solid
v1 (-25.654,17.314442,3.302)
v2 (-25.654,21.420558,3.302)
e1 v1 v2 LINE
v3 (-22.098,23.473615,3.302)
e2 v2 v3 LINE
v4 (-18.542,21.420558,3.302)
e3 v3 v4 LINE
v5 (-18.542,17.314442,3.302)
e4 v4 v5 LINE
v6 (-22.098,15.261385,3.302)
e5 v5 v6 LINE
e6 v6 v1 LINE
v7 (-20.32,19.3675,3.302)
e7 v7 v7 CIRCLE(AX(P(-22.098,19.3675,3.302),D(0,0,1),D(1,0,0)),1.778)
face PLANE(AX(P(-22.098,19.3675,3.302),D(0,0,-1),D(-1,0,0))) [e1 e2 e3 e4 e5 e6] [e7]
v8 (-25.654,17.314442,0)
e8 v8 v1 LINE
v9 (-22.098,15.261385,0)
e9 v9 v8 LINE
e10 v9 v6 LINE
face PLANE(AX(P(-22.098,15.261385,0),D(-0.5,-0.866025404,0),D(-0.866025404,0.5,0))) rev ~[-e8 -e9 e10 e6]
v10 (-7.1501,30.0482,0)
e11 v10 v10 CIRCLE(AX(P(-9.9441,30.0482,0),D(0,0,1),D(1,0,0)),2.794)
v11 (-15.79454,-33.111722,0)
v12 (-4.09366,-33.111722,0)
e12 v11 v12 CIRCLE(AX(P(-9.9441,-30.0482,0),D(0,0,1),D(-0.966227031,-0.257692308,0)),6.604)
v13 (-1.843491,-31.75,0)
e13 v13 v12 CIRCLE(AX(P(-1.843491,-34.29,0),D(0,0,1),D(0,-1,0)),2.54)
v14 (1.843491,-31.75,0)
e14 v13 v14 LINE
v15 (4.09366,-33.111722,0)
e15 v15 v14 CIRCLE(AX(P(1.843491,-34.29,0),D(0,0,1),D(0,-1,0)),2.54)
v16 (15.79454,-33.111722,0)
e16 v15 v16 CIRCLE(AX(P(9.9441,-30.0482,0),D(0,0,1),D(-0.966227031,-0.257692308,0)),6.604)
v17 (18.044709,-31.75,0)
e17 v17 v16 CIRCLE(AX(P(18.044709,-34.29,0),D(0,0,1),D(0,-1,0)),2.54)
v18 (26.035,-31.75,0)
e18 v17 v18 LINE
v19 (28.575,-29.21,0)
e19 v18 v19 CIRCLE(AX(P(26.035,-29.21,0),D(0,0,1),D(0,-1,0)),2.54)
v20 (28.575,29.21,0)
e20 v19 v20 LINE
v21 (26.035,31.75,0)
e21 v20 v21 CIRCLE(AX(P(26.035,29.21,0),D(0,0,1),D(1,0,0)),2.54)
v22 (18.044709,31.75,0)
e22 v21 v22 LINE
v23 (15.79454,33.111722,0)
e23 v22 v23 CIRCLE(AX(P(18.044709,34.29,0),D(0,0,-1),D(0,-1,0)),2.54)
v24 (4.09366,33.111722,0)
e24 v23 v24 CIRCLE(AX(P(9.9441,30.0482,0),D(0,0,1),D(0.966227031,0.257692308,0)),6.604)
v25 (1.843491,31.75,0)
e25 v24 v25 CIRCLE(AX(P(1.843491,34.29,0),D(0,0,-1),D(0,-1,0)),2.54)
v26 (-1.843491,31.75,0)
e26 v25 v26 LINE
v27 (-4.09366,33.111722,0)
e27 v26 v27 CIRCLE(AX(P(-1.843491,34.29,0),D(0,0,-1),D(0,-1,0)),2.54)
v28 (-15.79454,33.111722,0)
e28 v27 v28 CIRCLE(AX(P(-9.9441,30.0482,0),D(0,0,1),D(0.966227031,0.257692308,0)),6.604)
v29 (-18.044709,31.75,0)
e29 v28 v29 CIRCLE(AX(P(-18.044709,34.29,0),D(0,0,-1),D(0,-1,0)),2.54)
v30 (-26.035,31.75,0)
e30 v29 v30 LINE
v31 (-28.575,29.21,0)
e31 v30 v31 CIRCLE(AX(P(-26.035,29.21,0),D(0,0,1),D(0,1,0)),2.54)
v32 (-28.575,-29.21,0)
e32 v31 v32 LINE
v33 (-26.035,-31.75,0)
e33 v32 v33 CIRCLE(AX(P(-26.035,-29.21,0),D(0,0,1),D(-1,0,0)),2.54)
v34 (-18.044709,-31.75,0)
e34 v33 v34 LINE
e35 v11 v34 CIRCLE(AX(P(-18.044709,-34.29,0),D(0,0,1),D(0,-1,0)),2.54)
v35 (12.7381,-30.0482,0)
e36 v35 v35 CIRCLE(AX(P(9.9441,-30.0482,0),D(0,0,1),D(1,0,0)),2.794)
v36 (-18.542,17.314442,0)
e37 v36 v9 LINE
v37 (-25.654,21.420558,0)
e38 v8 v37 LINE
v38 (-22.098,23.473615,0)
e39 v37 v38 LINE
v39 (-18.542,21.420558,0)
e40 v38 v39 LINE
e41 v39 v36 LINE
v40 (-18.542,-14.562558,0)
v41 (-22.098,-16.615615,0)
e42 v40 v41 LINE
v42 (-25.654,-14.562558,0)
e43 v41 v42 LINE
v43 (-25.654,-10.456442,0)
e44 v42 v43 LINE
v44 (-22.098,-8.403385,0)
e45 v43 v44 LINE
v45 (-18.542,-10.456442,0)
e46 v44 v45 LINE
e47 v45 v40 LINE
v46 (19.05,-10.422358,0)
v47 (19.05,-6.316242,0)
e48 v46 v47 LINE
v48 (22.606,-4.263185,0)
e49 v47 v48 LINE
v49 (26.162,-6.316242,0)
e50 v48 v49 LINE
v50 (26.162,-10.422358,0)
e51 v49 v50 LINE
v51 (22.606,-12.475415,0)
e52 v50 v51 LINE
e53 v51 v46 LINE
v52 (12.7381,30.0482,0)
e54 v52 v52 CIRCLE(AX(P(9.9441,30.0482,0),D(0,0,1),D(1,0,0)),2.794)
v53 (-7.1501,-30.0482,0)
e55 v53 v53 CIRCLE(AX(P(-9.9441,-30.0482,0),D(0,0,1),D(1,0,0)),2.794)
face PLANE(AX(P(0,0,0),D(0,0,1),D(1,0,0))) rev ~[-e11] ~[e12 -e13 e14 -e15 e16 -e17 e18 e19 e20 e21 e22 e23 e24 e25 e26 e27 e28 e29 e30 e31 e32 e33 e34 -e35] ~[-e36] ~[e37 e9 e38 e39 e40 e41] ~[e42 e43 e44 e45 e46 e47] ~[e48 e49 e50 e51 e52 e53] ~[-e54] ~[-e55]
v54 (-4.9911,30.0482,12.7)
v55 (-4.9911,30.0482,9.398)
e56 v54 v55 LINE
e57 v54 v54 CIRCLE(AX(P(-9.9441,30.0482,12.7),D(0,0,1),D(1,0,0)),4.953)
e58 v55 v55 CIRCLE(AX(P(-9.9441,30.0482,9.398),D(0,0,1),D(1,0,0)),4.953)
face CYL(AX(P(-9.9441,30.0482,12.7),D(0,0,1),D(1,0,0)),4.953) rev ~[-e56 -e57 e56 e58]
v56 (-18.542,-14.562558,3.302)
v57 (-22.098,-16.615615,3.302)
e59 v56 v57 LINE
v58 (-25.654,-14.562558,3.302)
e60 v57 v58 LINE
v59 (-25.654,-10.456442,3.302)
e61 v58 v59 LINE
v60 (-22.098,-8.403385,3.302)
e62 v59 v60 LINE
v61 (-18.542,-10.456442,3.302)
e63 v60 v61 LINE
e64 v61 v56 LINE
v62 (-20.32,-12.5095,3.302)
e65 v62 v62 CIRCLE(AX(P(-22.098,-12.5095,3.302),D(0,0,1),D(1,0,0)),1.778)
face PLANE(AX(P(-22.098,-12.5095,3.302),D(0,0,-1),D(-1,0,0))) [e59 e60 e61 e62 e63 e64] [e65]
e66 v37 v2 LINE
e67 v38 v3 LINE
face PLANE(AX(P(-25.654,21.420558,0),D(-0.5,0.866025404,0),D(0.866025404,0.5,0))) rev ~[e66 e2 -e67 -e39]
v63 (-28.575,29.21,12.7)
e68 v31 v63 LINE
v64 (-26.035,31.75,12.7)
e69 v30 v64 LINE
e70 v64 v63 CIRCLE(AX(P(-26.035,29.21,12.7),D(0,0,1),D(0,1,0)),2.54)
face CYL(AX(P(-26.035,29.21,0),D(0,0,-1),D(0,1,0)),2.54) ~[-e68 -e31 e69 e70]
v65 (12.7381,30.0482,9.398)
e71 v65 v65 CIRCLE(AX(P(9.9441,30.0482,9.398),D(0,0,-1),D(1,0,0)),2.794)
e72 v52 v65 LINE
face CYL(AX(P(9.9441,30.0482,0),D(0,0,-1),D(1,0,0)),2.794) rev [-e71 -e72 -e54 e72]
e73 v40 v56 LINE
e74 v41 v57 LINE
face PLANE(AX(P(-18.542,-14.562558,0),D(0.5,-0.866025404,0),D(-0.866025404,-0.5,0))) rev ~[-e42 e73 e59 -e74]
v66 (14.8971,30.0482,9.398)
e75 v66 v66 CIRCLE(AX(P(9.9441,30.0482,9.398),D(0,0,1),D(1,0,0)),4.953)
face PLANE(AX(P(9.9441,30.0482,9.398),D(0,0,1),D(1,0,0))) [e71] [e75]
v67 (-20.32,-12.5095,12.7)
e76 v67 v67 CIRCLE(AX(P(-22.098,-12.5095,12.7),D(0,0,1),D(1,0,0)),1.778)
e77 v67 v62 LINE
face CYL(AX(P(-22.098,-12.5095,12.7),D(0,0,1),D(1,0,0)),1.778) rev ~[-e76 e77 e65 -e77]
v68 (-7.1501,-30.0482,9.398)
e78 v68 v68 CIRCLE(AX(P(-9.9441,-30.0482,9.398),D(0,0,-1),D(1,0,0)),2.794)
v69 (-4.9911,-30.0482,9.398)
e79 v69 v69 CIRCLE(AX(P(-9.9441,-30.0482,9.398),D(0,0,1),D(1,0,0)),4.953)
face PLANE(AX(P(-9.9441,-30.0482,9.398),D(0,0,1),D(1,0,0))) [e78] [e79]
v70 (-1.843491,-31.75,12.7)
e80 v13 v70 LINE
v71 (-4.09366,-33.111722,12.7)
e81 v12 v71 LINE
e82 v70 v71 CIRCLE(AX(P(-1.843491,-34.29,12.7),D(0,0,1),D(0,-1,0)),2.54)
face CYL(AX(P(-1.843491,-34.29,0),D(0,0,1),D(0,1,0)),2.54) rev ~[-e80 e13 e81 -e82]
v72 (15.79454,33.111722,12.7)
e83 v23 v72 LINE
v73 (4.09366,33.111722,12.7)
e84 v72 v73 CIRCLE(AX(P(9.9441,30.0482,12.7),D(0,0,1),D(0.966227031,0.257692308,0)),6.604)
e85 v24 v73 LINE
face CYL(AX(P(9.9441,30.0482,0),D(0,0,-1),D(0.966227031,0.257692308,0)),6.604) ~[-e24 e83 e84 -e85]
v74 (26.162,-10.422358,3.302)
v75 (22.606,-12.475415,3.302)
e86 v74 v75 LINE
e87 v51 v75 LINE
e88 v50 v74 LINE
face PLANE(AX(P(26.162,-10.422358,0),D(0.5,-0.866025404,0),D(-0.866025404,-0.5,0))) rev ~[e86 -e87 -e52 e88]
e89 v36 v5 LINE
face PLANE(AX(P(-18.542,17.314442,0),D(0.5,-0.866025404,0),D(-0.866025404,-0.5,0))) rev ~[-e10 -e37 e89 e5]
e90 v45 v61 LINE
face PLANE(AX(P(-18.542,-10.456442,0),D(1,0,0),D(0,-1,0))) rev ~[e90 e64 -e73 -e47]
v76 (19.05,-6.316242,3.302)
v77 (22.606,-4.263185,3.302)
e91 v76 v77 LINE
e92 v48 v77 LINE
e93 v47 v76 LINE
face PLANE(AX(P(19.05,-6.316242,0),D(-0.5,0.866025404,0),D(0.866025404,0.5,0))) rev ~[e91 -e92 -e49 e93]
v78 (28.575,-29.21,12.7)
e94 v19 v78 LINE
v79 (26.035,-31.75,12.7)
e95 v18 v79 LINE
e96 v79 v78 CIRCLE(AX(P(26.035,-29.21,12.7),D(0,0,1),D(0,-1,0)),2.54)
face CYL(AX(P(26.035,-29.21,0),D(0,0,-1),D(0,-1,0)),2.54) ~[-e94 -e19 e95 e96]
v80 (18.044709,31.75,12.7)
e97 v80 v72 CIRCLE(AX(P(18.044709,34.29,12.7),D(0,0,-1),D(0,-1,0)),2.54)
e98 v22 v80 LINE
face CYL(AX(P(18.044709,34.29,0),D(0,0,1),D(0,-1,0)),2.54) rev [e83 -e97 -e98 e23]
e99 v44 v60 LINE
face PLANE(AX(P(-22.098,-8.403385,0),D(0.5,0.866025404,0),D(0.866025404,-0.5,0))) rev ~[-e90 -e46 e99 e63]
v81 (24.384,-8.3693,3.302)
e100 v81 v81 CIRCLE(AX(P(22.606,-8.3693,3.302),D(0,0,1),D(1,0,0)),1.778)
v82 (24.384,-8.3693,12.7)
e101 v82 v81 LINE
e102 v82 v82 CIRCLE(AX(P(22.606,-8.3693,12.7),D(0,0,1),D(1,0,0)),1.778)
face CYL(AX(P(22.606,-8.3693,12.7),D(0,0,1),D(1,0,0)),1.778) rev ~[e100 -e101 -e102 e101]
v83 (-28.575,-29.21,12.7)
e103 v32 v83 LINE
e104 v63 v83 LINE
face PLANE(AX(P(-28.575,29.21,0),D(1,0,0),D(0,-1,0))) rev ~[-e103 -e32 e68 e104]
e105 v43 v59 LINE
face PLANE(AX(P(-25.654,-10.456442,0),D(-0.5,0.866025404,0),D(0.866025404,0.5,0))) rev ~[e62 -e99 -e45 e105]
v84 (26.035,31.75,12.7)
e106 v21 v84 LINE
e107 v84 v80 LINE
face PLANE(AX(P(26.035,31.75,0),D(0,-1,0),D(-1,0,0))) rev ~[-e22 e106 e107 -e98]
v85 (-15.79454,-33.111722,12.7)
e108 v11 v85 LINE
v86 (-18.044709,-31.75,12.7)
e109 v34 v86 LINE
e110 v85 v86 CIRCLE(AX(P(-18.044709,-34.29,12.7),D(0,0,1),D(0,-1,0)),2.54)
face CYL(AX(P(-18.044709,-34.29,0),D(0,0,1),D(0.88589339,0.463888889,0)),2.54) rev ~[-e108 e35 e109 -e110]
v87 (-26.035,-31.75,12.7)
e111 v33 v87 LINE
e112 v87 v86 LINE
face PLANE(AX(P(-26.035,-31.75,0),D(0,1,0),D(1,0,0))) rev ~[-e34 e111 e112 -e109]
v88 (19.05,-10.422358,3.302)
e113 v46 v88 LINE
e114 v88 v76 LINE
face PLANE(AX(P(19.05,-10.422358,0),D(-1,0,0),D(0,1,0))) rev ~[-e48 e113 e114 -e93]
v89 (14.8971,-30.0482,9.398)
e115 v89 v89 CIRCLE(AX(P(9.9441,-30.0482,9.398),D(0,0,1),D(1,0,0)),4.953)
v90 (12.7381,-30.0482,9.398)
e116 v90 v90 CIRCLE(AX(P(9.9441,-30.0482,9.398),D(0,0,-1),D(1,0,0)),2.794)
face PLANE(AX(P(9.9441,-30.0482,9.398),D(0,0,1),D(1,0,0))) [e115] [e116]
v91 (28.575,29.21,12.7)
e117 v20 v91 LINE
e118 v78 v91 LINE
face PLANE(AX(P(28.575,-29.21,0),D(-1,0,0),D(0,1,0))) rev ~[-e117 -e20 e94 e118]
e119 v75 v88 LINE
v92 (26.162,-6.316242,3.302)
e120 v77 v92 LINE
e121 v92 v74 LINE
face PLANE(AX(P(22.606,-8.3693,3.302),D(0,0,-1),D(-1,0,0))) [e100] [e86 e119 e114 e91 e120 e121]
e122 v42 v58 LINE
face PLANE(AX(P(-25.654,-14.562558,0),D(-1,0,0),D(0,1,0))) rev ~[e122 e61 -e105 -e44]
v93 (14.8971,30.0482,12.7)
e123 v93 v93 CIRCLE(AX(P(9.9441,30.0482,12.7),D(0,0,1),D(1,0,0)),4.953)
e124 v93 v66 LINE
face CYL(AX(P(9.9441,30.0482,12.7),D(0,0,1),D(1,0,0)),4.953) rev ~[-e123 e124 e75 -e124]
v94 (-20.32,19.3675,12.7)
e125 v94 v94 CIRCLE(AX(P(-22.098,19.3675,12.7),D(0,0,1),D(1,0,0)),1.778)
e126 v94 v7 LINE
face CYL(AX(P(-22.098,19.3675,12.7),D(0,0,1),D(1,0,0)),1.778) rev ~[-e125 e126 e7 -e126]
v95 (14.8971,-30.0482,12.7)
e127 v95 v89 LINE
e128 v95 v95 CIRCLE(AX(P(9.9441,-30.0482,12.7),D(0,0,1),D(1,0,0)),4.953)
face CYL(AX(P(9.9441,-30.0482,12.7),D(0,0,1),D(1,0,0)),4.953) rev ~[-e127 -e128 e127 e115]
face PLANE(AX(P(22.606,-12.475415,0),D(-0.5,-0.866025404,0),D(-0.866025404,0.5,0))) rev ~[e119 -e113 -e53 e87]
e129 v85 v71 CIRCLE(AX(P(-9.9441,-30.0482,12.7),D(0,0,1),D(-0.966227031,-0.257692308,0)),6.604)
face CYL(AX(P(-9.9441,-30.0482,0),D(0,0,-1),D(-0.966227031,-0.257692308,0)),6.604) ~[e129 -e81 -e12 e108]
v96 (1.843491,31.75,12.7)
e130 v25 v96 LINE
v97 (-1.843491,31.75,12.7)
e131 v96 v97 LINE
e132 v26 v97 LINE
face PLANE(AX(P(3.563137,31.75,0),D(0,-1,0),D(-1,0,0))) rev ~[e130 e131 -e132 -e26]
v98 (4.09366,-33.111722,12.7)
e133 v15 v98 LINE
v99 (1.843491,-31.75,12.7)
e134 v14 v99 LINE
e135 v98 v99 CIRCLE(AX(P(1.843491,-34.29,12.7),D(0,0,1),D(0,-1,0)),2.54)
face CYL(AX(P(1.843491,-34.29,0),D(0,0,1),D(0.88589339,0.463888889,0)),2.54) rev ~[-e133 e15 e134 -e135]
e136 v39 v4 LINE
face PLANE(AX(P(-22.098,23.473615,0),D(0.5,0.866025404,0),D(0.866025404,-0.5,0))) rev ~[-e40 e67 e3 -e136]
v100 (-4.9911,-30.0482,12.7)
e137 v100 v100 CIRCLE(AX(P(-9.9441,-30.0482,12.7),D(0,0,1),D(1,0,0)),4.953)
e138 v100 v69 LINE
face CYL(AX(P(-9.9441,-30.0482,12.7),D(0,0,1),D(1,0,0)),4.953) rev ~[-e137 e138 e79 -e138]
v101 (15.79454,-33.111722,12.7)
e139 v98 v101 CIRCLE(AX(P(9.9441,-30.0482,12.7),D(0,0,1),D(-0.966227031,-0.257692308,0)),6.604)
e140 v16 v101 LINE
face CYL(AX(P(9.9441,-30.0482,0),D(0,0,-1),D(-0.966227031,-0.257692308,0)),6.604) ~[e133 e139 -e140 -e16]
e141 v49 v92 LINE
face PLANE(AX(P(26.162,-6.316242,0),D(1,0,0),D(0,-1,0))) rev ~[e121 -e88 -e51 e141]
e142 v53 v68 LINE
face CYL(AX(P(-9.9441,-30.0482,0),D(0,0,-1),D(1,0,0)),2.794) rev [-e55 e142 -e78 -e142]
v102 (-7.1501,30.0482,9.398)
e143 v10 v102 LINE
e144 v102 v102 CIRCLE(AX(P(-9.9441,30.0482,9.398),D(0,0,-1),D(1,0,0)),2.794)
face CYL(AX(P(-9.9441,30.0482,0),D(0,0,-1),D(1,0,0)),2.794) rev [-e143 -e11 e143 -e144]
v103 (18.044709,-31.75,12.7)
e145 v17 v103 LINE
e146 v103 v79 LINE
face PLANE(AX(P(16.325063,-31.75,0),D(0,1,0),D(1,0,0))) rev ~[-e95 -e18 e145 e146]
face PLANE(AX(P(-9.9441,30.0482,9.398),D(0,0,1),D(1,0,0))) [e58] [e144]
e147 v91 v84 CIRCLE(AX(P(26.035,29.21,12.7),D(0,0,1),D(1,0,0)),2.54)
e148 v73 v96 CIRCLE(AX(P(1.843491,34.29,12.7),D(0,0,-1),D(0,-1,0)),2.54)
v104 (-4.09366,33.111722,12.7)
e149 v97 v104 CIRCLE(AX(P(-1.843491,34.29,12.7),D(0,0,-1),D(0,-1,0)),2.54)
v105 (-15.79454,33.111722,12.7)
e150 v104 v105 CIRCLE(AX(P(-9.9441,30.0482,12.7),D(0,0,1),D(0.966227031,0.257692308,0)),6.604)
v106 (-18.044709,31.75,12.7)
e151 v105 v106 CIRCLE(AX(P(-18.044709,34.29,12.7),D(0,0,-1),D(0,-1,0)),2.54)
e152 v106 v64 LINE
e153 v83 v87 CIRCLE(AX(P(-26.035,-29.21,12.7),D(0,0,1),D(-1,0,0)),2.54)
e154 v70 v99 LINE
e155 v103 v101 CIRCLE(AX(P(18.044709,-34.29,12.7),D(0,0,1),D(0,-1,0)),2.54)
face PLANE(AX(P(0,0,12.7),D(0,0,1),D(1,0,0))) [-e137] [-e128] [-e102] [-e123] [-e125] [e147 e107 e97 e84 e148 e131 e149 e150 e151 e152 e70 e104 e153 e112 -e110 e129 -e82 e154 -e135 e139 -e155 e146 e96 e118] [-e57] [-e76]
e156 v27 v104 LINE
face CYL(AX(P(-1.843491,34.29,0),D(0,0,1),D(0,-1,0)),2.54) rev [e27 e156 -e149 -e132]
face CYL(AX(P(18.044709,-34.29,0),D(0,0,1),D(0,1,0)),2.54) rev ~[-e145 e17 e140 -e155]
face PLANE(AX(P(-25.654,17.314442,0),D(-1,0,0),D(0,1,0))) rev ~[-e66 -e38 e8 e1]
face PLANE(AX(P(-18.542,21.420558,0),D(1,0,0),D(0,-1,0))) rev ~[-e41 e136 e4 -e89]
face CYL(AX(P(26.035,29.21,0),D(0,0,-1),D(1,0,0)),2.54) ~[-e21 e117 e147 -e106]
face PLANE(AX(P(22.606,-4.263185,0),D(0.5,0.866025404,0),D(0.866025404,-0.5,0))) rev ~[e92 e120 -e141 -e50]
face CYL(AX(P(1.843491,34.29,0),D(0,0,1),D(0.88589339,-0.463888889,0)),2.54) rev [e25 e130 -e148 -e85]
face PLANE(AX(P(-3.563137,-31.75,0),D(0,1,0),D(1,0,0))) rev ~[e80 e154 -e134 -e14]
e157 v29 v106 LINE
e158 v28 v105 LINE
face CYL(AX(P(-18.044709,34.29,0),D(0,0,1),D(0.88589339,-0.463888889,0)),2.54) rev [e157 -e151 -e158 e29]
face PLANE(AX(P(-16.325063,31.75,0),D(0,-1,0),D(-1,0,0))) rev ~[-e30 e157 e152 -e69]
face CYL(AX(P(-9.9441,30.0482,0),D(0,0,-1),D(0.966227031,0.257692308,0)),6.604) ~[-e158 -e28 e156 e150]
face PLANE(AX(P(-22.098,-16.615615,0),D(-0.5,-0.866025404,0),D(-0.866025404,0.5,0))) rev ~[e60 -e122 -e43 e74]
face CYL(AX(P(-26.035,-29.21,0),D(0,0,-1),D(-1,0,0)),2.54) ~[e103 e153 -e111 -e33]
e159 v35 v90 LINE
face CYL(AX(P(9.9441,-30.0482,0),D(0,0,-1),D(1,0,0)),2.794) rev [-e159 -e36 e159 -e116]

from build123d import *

# Parameters (mm, degrees)
SKETCH1_R           = 2.794
BOSS_EXTRUDE1_DEPTH = 12.7
SKETCH2_R           = 1.778
CUT_EXTRUDE1_DEPTH  = 49.178879085
SKETCH4_R           = 4.953
CUT_EXTRUDE3_DEPTH  = 3.302
FILLET1_R           = 2.54
CUT_EXTRUDE4_DEPTH  = 3.302


with BuildPart() as part:
    # Sketch1 → Boss-Extrude1 (new body)
    with BuildSketch(Plane.XY):
        with BuildLine():
            ThreePointArc((28.575, 29.21), (27.831051224, 31.006051224), (26.035, 31.75))
            Line((26.035, 31.75), (16.32506331, 31.75))
            ThreePointArc((16.32506331, 31.75), (9.9441, 36.6522), (3.56313669, 31.75))
            Line((3.56313669, 31.75), (-3.56313669, 31.75))
            ThreePointArc((-3.56313669, 31.75), (-9.9441, 36.6522), (-16.32506331, 31.75))
            Line((-16.32506331, 31.75), (-26.035, 31.75))
            ThreePointArc((-26.035, 31.75), (-27.831051224, 31.006051224), (-28.575, 29.21))
            Line((-28.575, 29.21), (-28.575, -29.21))
            ThreePointArc((-28.575, -29.21), (-27.831051224, -31.006051224), (-26.035, -31.75))
            Line((-26.035, -31.75), (-16.32506331, -31.75))
            ThreePointArc((-16.32506331, -31.75), (-9.9441, -36.6522), (-3.56313669, -31.75))
            Line((-3.56313669, -31.75), (3.56313669, -31.75))
            ThreePointArc((3.56313669, -31.75), (9.9441, -36.6522), (16.32506331, -31.75))
            Line((16.32506331, -31.75), (26.035, -31.75))
            ThreePointArc((26.035, -31.75), (27.831051224, -31.006051224), (28.575, -29.21))
            Line((28.575, -29.21), (28.575, 29.21))
        make_face()
        with Locations((-9.9441, 30.0482)):
            Circle(SKETCH1_R, mode=Mode.SUBTRACT)
        with Locations((9.9441, 30.0482)):
            Circle(SKETCH1_R, mode=Mode.SUBTRACT)
        with Locations((9.9441, -30.0482)):
            Circle(SKETCH1_R, mode=Mode.SUBTRACT)
        with Locations((-9.9441, -30.0482)):
            Circle(SKETCH1_R, mode=Mode.SUBTRACT)
    extrude(amount=BOSS_EXTRUDE1_DEPTH)

    # Sketch2 → Cut-Extrude1 (cut, through all)
    with BuildSketch(Plane.XY.offset(12.7)):
        with Locations((-22.098, 19.3675)):
            Circle(SKETCH2_R)
        with Locations((-22.098, -12.5095)):
            Circle(SKETCH2_R)
        with Locations((22.606, -8.3693)):
            Circle(SKETCH2_R)
    extrude(amount=-CUT_EXTRUDE1_DEPTH, mode=Mode.SUBTRACT)

    # Sketch4 → Cut-Extrude3 (cut)
    with BuildSketch(Plane.XY.offset(12.7)):
        with Locations((-9.9441, 30.0482)):
            Circle(SKETCH4_R)
        with Locations((9.9441, 30.0482)):
            Circle(SKETCH4_R)
        with Locations((-9.9441, -30.0482)):
            Circle(SKETCH4_R)
        with Locations((9.9441, -30.0482)):
            Circle(SKETCH4_R)
    extrude(amount=-CUT_EXTRUDE3_DEPTH, mode=Mode.SUBTRACT)

    # Fillet1
    fillet1_edges = [part.edges().sort_by_distance(p)[0] for p in [
        (16.32506331, 31.75, 6.35),
        (16.32506331, -31.75, 6.35),
        (3.56313669, -31.75, 6.35),
        (-3.56313669, -31.75, 6.35),
        (-16.32506331, -31.75, 6.35),
        (-16.32506331, 31.75, 6.35),
        (-3.56313669, 31.75, 6.35),
        (3.56313669, 31.75, 6.35),
    ]]
    fillet(fillet1_edges, radius=FILLET1_R)

    # Sketch3 → Cut-Extrude4 (cut)
    with BuildSketch(Plane(origin=(0, 0, 0), x_dir=(-1, 0, 0), z_dir=(0, 0, -1))):
        Polygon((-22.606, -12.475415114), (-19.05, -10.422357557), (-19.05, -6.316242443), (-22.606, -4.263184886), (-26.162, -6.316242443), (-26.162, -10.422357557), align=None)
        Polygon((22.098, -16.615615114), (25.654, -14.562557557), (25.654, -10.456442443), (22.098, -8.403384886), (18.542, -10.456442443), (18.542, -14.562557557), align=None)
        Polygon((22.098, 15.261384886), (25.654, 17.314442443), (25.654, 21.420557557), (22.098, 23.473615114), (18.542, 21.420557557), (18.542, 17.314442443), align=None)
    extrude(amount=-CUT_EXTRUDE4_DEPTH, mode=Mode.SUBTRACT)


solid = part.part
